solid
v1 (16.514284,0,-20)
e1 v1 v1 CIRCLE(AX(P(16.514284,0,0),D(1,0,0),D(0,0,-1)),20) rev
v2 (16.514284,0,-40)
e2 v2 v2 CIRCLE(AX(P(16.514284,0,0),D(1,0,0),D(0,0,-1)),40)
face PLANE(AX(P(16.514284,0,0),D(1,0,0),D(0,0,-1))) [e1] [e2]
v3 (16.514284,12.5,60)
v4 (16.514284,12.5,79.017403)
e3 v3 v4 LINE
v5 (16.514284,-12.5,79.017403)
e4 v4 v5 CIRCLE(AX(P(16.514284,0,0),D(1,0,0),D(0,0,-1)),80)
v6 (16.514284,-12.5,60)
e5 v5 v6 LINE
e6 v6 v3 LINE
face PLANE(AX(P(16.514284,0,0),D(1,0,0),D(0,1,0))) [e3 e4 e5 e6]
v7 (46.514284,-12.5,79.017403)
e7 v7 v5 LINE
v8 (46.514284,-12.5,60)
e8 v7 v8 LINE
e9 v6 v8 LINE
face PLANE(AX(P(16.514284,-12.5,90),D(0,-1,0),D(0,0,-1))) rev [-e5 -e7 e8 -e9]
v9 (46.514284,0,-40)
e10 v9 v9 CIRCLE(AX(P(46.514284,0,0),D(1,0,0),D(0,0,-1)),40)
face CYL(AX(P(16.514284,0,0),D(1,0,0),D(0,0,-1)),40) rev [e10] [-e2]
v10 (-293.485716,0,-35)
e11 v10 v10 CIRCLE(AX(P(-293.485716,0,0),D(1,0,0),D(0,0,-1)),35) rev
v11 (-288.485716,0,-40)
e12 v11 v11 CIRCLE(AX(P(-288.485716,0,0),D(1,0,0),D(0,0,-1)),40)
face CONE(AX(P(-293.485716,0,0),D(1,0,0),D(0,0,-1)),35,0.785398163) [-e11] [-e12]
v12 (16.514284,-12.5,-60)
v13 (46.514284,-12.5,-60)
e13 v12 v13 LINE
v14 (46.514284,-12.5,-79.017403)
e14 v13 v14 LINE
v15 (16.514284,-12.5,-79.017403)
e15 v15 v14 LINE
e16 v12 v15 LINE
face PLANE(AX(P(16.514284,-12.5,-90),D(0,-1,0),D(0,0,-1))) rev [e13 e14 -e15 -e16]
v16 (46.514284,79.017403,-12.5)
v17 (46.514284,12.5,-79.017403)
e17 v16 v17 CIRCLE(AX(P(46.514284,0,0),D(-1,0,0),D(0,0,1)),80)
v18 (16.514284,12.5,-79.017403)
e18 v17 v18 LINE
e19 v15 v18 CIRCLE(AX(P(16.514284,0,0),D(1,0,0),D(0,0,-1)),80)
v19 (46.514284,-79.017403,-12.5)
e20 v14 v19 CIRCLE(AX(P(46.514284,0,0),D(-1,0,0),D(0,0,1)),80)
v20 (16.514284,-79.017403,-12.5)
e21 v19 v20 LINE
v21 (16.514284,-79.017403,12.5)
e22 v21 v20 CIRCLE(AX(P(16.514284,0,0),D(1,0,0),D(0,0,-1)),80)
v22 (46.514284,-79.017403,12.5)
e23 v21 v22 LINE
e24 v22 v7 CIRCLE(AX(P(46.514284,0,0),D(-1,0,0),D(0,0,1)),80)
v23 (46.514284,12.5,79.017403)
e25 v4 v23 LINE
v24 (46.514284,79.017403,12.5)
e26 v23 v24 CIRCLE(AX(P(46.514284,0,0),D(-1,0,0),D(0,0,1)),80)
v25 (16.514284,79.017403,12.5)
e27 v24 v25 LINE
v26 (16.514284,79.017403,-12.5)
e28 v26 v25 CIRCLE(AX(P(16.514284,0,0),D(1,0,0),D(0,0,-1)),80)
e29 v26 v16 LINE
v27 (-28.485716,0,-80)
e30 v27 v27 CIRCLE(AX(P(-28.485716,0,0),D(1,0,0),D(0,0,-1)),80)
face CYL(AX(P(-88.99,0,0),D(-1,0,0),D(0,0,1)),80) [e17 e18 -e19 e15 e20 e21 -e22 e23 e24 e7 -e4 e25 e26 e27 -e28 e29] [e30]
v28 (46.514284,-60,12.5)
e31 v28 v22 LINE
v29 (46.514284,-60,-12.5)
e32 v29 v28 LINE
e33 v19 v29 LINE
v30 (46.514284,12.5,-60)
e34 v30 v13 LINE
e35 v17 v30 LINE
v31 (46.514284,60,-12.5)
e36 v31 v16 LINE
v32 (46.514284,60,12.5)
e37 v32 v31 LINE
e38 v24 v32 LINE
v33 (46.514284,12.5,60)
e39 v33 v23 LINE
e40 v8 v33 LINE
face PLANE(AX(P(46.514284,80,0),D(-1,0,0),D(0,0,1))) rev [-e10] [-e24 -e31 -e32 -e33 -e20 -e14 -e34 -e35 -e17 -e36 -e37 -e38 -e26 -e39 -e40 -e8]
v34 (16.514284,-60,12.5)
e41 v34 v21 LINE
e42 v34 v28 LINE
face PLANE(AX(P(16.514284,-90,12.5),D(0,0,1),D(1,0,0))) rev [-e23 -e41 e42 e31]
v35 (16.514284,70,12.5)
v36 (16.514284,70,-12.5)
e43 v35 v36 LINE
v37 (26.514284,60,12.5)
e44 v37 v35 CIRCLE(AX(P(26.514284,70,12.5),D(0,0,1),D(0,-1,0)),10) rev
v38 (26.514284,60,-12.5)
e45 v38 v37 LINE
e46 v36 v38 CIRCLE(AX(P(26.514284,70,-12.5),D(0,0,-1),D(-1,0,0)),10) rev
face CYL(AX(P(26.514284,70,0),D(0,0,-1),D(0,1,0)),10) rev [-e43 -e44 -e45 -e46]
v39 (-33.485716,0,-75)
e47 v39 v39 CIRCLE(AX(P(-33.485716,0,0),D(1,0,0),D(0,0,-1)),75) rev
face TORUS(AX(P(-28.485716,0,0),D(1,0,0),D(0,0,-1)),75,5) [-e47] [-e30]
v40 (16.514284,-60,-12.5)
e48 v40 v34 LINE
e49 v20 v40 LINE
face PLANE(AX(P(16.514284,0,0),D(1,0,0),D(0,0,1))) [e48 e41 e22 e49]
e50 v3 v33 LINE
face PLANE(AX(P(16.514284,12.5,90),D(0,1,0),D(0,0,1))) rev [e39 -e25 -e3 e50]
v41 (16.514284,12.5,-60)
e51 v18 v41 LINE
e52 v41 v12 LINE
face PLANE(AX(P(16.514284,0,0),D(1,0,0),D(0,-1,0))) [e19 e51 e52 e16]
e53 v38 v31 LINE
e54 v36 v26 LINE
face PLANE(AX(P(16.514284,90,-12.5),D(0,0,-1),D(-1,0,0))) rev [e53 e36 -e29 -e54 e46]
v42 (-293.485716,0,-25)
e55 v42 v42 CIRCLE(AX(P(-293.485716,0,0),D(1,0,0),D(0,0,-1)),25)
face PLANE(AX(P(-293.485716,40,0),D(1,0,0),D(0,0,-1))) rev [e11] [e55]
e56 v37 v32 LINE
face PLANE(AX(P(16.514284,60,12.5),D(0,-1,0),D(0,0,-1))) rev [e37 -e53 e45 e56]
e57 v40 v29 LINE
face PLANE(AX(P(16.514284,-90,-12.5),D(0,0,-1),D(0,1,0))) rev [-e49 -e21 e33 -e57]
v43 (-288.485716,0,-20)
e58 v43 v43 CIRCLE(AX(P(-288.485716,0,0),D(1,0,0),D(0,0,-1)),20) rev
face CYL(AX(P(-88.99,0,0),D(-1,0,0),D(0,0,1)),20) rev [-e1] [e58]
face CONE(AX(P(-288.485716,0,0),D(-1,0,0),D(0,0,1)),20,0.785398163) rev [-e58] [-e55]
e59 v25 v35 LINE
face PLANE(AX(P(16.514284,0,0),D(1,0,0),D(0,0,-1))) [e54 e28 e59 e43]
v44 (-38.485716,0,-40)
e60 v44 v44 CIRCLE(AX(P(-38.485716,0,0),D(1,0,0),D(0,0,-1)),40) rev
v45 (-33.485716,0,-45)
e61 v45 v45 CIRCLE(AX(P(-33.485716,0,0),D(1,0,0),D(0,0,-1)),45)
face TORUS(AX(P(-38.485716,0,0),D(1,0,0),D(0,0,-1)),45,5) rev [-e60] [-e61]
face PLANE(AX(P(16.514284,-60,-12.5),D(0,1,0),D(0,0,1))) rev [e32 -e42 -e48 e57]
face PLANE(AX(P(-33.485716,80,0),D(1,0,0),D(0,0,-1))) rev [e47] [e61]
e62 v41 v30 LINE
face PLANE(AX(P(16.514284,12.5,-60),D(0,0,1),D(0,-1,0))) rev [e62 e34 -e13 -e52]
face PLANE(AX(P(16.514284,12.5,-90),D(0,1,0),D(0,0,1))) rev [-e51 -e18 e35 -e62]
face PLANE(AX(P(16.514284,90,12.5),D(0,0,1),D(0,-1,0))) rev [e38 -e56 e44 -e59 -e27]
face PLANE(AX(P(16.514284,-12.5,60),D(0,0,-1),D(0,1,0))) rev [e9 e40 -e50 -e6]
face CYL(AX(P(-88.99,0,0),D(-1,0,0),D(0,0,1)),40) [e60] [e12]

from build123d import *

# Parameters (mm, degrees)
SZKIC3_R                   = 40
SZKIC3_W                   = 25
SZKIC3_H                   = 30
WYTNIJ_WYCI_GNI_CIE1_DEPTH = 30
ZAOKR_GLENIE1_R            = 10
SZYK_KO_OWY1_COUNT         = 4
ZAOKR_GLENIE2_R            = 5
SFAZOWANIE2_SIZE           = 5


with BuildPart() as part:
    # Szkic2 → Obrót1 (revolve)
    with BuildSketch(Plane.XY):
        Polygon((-293.485716032, 20), (46.514283968, 20), (46.514283968, 80), (-33.485716032, 80), (-33.485716032, 40), (-293.485716032, 40), align=None)
    revolve(axis=Axis((-88.99, 0, 0), (1, 0, 0)))

    # Szkic3 → Wytnij-wyciągnięcie1 (cut)
    with BuildSketch(Plane(origin=(46.514283968, 0, 0), x_dir=(0, 0, -1), z_dir=(1, 0, 0))):
        Circle(SZKIC3_R)
        with Locations((0, 75)):
            Rectangle(SZKIC3_W, SZKIC3_H)
    wytnij_wyci_gni_cie1 = extrude(amount=-WYTNIJ_WYCI_GNI_CIE1_DEPTH, mode=Mode.SUBTRACT)

    # Zaokrąglenie1
    zaokr_glenie1_edges = [part.edges().sort_by_distance(p)[0] for p in [
        (16.514283968, 60, 0),
    ]]
    fillet(zaokr_glenie1_edges, radius=ZAOKR_GLENIE1_R)

    # Szyk kołowy1: Wytnij-wyciągnięcie1 ×4 about axis
    szyk_ko_owy1_axis = Axis((0, 0, 0), (1, 0, 0))
    for i in range(1, SZYK_KO_OWY1_COUNT):
        add(wytnij_wyci_gni_cie1.rotate(szyk_ko_owy1_axis, i * 360 / SZYK_KO_OWY1_COUNT), mode=Mode.SUBTRACT)

    # Zaokrąglenie2
    zaokr_glenie2_edges = [part.edges().sort_by_distance(p)[0] for p in [
        (-33.485716032, -40, 0),
        (-33.485716032, -80, 0),
    ]]
    fillet(zaokr_glenie2_edges, radius=ZAOKR_GLENIE2_R)

    # Sfazowanie2
    sfazowanie2_edges = [part.edges().sort_by_distance(p)[0] for p in [
        (-293.485716032, -40, 0),
        (-293.485716032, -20, 0),
    ]]
    chamfer(sfazowanie2_edges, length=SFAZOWANIE2_SIZE)


solid = part.part
